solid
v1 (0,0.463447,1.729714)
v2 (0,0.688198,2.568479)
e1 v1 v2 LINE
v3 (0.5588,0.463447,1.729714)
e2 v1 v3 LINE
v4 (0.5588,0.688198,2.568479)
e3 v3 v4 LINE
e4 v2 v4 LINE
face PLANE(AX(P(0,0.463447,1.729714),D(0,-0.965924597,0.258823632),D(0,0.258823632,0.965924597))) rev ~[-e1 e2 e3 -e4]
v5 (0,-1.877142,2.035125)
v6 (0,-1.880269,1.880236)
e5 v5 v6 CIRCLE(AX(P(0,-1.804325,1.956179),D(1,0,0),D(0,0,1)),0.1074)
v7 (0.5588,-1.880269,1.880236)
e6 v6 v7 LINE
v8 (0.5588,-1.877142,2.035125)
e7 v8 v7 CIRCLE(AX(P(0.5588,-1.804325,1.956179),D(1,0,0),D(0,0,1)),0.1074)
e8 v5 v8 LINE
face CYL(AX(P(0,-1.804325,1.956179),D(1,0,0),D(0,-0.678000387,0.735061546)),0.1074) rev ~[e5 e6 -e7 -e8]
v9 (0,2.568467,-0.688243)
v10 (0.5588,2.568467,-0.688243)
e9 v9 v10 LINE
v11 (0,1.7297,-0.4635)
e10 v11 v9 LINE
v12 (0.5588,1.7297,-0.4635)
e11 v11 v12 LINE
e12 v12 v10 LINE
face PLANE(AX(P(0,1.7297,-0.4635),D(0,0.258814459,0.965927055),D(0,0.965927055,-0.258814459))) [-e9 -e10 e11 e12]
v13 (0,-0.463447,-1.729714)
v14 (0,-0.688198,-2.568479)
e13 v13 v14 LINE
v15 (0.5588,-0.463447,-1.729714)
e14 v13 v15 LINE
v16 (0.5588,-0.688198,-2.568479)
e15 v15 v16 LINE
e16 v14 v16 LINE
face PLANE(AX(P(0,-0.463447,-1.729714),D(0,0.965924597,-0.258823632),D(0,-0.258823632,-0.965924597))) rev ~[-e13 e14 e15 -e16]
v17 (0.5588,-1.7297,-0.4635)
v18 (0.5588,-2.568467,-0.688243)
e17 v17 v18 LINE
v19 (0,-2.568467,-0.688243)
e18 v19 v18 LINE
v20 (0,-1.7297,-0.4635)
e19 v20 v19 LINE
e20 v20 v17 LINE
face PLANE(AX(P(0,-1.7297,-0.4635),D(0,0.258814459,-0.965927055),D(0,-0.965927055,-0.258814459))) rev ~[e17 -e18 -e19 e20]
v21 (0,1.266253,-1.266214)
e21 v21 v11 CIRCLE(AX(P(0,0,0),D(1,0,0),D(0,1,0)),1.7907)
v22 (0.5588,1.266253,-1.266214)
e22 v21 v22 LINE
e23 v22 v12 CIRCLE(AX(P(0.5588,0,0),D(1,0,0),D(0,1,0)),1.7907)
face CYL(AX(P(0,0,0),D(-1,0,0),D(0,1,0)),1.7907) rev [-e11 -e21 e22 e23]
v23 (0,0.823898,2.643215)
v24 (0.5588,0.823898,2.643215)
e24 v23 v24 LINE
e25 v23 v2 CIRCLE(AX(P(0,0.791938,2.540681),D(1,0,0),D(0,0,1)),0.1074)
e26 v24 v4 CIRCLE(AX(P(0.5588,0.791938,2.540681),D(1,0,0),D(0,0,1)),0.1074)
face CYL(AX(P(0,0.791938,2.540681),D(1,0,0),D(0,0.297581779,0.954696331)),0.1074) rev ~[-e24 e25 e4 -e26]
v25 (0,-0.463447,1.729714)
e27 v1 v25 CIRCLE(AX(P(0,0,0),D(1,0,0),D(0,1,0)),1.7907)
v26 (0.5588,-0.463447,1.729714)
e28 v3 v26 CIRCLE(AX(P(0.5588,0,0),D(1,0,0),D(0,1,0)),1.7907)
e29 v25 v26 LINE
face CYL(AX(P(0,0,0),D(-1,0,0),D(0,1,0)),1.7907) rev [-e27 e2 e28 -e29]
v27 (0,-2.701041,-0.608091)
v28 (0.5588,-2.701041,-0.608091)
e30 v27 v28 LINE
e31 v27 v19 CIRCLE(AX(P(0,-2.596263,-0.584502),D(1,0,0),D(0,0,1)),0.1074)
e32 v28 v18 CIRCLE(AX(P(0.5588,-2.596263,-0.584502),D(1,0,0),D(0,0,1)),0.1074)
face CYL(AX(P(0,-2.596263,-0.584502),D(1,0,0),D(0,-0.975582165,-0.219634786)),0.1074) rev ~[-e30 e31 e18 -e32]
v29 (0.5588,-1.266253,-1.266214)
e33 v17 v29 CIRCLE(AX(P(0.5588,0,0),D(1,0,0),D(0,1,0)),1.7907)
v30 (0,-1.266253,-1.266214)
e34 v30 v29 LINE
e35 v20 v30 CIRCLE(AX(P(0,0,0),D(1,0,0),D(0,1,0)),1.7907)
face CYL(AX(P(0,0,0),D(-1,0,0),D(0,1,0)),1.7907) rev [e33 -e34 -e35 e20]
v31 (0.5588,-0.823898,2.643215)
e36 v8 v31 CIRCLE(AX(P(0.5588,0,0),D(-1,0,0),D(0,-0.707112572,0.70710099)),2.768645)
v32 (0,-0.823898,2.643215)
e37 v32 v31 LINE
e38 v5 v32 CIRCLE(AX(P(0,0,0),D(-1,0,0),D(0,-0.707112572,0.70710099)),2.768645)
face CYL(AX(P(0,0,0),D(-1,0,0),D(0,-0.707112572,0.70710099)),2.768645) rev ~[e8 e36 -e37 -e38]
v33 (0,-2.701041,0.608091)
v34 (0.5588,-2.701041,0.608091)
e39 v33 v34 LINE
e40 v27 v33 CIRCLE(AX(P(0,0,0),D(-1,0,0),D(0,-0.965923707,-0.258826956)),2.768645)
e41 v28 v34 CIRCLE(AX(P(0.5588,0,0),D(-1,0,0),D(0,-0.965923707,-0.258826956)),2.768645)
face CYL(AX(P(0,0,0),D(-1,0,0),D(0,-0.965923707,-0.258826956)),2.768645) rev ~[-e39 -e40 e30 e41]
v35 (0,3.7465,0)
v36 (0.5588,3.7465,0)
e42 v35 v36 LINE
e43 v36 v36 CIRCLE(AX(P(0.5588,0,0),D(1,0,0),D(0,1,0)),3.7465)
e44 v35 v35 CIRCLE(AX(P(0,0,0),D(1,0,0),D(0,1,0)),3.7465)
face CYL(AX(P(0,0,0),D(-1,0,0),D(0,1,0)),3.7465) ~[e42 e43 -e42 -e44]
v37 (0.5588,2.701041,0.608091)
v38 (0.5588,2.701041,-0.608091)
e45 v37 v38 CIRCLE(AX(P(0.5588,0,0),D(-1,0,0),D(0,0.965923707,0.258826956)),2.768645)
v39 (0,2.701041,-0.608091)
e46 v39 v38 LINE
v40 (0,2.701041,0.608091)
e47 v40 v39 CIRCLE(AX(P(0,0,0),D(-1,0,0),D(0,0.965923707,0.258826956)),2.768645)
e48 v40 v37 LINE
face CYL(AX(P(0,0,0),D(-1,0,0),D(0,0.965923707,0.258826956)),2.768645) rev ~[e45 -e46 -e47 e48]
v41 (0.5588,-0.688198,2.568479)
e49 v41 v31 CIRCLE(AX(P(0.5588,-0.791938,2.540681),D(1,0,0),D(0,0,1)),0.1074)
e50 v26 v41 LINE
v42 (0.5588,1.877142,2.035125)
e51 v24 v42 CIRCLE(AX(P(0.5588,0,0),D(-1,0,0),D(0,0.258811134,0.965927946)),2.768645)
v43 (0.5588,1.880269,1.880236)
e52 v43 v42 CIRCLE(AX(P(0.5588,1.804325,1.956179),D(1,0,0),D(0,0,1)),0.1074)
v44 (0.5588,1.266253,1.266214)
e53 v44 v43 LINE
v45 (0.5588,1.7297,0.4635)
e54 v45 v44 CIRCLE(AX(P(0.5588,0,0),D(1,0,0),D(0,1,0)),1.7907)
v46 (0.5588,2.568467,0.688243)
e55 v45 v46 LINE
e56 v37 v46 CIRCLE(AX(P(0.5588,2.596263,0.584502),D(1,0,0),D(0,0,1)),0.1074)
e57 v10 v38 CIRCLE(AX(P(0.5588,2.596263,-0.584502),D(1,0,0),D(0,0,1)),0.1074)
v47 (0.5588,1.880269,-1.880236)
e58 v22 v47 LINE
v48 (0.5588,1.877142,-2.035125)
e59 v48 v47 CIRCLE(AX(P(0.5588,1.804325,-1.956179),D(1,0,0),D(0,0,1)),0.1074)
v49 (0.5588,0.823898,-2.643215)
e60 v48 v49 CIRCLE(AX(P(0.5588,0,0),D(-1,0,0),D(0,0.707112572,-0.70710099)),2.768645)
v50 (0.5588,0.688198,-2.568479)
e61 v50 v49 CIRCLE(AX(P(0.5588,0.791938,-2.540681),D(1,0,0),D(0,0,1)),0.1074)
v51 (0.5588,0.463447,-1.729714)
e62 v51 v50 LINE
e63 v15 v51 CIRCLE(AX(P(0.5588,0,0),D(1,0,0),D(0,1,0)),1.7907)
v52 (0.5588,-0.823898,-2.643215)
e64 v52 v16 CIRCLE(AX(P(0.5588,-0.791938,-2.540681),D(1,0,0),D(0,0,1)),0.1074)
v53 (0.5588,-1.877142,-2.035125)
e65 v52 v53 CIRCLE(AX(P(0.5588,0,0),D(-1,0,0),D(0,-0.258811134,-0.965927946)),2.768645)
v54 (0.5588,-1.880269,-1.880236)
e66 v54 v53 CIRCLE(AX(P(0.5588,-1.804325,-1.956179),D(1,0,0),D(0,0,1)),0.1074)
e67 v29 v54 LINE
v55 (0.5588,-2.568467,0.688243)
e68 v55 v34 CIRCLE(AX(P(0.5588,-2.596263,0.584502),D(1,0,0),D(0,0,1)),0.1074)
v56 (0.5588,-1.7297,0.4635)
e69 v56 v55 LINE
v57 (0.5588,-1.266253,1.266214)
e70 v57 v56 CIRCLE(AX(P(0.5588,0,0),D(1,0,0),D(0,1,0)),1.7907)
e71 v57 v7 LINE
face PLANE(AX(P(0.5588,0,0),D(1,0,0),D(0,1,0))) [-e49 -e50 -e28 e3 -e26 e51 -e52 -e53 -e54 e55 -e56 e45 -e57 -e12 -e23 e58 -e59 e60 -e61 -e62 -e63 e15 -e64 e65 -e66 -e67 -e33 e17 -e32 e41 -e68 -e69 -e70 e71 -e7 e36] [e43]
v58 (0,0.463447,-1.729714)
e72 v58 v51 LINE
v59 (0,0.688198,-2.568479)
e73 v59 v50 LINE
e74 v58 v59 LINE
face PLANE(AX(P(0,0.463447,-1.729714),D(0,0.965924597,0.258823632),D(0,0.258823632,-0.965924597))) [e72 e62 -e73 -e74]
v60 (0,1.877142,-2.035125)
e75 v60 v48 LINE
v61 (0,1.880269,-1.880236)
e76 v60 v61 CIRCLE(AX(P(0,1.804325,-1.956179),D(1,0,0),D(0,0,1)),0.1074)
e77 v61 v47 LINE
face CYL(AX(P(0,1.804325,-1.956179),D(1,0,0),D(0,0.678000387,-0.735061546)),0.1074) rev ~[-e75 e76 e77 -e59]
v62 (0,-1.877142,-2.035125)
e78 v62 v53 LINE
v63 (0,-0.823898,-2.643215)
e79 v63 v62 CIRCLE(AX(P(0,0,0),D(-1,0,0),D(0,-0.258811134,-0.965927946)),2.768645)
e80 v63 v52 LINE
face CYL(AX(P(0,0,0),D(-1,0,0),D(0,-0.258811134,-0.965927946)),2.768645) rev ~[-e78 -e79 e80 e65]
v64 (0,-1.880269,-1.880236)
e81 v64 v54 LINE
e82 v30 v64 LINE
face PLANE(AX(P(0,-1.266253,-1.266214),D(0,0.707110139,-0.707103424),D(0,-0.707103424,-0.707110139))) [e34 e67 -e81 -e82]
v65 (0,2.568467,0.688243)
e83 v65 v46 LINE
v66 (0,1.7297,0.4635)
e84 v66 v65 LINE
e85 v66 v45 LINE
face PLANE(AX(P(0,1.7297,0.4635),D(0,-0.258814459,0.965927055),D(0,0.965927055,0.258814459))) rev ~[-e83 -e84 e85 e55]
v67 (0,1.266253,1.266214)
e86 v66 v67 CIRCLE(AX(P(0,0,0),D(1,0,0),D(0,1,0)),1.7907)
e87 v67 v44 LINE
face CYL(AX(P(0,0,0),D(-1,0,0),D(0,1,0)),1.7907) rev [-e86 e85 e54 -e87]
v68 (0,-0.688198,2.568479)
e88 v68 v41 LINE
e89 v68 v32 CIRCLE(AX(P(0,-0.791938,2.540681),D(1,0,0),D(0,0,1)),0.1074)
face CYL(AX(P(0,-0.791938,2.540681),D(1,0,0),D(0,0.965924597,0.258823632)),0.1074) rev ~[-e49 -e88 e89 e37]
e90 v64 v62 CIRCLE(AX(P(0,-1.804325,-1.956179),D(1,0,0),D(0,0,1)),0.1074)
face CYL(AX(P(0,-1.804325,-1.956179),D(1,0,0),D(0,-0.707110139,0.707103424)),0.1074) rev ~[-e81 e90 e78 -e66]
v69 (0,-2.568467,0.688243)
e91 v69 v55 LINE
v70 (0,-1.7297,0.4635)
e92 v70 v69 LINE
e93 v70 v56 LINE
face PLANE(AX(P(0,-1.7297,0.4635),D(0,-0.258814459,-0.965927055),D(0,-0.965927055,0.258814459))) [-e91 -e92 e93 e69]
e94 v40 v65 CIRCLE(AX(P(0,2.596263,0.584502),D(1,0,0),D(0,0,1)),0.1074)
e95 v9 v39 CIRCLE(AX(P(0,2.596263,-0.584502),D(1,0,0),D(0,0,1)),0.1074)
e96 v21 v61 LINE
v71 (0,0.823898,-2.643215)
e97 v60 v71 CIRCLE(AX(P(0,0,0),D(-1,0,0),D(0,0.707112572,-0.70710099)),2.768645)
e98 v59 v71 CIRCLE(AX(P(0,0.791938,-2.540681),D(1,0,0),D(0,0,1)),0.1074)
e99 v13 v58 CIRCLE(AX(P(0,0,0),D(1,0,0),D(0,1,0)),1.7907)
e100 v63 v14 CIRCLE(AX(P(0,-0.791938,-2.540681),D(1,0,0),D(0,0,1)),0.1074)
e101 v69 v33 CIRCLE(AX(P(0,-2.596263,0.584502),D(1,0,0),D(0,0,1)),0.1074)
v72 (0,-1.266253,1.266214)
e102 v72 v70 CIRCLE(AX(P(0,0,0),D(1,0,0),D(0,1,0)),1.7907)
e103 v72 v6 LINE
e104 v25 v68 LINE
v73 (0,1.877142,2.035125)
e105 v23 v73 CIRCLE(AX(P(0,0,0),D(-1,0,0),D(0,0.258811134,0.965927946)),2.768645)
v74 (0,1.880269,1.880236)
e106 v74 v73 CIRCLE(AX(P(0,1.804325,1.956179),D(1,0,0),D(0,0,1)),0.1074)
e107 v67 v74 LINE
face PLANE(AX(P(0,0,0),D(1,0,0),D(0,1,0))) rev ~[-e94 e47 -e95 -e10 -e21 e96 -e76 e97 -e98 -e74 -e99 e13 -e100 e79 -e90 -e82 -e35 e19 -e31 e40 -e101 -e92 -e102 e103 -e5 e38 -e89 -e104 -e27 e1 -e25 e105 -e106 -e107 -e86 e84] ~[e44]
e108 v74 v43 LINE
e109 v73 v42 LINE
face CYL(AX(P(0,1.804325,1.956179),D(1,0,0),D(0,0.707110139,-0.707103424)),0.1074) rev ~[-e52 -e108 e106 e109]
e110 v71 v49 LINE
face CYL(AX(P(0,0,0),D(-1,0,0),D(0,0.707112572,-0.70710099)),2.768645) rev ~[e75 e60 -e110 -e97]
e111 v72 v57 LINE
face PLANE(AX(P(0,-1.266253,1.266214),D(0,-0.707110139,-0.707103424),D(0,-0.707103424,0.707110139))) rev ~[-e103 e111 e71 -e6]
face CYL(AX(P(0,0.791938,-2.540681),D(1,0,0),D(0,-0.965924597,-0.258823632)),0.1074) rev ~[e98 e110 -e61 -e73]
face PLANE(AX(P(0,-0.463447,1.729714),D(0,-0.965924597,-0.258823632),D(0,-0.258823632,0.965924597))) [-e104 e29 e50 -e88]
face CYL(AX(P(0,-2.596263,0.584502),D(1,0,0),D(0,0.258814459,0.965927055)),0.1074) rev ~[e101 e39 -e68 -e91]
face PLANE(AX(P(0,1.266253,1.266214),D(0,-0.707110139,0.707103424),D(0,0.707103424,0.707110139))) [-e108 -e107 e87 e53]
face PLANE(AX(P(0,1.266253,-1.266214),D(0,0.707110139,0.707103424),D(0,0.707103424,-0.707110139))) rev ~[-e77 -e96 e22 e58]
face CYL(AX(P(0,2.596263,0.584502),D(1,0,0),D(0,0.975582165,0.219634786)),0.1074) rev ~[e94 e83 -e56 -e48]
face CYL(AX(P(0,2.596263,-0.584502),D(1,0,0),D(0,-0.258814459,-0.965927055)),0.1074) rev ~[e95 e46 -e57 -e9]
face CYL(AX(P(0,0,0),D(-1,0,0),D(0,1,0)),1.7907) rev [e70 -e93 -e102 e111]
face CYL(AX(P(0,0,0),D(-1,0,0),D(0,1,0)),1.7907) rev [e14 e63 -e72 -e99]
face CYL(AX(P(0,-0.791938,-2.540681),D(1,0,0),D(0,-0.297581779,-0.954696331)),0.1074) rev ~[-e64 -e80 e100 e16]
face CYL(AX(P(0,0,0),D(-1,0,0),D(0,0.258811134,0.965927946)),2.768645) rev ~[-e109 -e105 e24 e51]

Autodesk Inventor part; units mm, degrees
ref_plane "YZ Plane" through (0, 0, 0) normal (1, 0, 0) x (0, 1, 0)
ref_plane "XZ Plane" through (0, 0, 0) normal (0, 1, 0) x (-1, 0, 0)
sketch "Sketch1" plane through (0, 0, 0) normal (1, 0, 0) x (0, 1, 0)
  circle A0 centre (0, 0) radius 3.7465
  circle A1 centre (0, 0) radius 1.7907
  dimension "d0" = 7.493
  dimension "d1" = 3.5814
extrude "Body" add sketch "Sketch1" along normal blind 0.5588
sketch "Sketch2" plane through (0, 0, 0) normal (-1, 0, 0) x (0, 0, 1)
  circle A0 centre (0, 0) radius 1.7907 projected
  circle A1 centre (0, 0) radius 3.7465 projected
  arc A2 (0.7166, 2.6743) -> (-0.7166, 2.6743) centre (0, 0) ccw
  line L0 (-0.4635, 1.7297) -> (-0.7166, 2.6743)
  line L1 (0, 0) -> (0, 2.7686) construction
  line L2 (0.4635, 1.7297) -> (0.7166, 2.6743)
  line L3 (-0.4635, 1.7297) -> (0, 0) construction
  line L4 (0.4635, 1.7297) -> (0, 0) construction
  dimension "d4" = 5.5372
  dimension "d5" = 15
extrude "Cut" cut sketch "Sketch2" against normal blind 0.5588 contours A0 L0 A2 L2
fillet "Fillet1" radius 0.1074 2 edges at (0.2794, 2.6743, 0.7166) (0.2794, 2.6743, -0.7166)
pattern_circular "Cuts" count 6 over 360 about axis through (-10, 0, 0) along (1, 0, 0) of "Cut", "Fillet1"
ref_plane "Work Plane1" through (0, 0, 0) normal (0, 1, 0) x (1, 0, 0)
equation "\"d0\" = SD2"
equation "\"d1\" = SD1"
equation "\"d2\" = SD"
equation "\"d4\" = 0.5 * SD2 + 0.5 * SD1"
equation "\"d6\" = SD"
equation "\"d8\" = 0.03 * SD1"
equation "\"SD1\" = 3.5814"
equation "\"SD2\" = 7.493"
equation "\"SD\" = 0.5588"
equation "\"NND\" = 3.5052"
properties part number "ASME B18.21.1 - No. 6. Carbon Steel" material "Steel, Mild"
